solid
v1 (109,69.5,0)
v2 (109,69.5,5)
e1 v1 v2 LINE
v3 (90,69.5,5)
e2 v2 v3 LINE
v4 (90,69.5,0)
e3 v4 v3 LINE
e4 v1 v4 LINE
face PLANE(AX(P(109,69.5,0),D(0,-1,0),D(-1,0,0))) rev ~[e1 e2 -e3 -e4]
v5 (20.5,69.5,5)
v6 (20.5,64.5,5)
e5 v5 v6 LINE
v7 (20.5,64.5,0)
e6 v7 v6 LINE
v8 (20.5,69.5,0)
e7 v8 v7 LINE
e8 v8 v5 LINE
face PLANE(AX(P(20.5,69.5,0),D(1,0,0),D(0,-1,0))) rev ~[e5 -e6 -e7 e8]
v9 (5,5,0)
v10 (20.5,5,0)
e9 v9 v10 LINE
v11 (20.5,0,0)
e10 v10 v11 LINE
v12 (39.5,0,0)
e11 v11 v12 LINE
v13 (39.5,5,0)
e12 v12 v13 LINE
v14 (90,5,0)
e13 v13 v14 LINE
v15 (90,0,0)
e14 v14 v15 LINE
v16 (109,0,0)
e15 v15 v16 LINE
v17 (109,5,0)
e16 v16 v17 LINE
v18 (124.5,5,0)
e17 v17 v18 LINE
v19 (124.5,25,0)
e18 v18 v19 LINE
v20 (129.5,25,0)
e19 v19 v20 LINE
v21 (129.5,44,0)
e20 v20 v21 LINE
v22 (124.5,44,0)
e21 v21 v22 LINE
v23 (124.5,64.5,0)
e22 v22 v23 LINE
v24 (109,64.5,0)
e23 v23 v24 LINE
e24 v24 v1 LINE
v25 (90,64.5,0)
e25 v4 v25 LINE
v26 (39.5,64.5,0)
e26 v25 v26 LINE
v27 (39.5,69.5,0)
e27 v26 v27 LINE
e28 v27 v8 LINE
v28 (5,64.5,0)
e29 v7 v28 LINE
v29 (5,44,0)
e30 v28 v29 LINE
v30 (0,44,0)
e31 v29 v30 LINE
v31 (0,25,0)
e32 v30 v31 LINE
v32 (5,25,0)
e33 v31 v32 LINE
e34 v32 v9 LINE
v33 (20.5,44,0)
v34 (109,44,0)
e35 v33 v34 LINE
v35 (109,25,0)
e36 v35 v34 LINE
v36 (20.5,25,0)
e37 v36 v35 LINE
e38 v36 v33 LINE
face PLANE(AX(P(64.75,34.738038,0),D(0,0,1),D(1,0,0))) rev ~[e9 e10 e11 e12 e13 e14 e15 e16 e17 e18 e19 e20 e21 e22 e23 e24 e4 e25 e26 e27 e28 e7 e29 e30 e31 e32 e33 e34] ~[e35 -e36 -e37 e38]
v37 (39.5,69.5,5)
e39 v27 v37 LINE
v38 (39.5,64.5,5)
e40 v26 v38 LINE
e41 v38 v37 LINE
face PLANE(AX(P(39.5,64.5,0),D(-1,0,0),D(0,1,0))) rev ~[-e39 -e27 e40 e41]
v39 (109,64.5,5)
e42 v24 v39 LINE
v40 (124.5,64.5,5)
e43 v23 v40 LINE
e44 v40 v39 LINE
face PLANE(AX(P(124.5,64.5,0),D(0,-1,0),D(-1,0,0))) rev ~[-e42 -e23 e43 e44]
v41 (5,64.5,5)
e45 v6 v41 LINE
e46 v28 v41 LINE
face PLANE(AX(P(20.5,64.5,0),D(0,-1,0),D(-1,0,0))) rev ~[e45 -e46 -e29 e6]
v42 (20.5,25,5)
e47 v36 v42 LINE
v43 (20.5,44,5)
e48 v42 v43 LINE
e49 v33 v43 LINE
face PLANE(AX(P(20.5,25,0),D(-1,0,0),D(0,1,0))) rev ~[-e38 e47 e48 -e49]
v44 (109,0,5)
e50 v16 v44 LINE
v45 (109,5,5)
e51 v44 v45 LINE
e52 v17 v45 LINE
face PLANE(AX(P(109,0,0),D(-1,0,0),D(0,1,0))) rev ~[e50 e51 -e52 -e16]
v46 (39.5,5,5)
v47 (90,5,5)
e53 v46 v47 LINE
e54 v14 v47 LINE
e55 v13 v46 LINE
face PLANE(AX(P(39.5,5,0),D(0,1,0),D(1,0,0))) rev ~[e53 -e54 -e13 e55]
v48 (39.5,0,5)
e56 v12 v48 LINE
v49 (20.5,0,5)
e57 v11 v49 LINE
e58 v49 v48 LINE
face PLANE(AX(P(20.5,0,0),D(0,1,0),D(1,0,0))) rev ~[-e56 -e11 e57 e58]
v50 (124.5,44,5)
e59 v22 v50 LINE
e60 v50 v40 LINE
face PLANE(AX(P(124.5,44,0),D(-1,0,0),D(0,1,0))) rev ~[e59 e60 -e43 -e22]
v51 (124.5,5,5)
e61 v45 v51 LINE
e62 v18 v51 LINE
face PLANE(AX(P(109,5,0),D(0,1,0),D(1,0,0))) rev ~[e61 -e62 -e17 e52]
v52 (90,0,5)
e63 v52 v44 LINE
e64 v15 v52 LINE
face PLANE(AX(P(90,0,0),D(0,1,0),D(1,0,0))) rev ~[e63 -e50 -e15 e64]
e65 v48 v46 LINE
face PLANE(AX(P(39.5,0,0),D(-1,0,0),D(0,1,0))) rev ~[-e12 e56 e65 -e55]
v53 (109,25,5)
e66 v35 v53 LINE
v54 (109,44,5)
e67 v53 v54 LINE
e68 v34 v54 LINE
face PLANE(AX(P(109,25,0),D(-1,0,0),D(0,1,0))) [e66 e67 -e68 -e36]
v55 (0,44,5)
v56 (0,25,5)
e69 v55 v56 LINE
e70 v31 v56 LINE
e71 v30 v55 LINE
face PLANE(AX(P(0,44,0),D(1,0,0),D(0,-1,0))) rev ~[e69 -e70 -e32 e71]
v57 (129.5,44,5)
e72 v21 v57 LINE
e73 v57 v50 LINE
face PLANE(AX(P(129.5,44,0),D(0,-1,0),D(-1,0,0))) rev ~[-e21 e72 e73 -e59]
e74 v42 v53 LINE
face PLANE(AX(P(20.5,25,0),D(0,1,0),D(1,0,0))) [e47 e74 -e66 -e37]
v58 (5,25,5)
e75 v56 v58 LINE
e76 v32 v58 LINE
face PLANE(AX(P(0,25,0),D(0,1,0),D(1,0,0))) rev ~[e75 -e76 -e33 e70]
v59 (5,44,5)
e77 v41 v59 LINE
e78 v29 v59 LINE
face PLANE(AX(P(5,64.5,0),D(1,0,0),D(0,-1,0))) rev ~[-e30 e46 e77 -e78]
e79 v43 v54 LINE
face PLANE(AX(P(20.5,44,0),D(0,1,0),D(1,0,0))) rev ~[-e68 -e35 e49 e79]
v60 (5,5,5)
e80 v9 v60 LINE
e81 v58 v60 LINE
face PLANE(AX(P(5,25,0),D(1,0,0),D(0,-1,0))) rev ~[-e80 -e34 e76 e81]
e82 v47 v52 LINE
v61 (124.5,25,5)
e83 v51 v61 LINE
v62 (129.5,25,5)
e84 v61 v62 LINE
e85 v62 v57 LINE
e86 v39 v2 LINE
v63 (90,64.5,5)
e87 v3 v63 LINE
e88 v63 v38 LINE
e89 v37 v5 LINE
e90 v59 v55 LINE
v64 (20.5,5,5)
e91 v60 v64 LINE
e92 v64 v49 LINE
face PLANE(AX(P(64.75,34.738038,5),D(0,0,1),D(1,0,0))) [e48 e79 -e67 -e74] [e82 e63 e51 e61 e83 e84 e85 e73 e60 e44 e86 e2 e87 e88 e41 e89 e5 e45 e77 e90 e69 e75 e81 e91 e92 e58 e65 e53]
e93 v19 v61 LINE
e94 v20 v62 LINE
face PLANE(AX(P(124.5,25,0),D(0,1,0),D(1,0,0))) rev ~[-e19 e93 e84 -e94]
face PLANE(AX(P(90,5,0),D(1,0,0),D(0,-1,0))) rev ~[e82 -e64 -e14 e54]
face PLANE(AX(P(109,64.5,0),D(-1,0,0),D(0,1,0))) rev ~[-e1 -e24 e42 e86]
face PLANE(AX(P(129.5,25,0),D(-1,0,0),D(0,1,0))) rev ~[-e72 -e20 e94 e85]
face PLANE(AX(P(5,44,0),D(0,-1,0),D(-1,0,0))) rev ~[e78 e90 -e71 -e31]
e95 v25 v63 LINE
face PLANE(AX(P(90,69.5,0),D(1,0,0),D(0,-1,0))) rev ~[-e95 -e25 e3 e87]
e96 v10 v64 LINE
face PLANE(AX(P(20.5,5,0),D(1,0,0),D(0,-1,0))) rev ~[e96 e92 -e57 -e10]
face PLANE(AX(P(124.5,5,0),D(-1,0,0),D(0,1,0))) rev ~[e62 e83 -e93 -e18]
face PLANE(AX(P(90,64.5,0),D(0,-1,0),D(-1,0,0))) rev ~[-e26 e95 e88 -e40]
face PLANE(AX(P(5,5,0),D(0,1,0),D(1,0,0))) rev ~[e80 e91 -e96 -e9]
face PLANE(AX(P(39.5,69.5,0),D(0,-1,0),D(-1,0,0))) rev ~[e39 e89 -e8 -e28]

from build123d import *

# Parameters (mm, degrees)
F0_W     = 88.5
F0_H     = 19
F1_DEPTH = 5


with BuildPart() as f1:
    # F0 (on Top) → F1 (new body)
    with BuildSketch(Plane.XY):
        Polygon((20.5, 5), (20.5, 0), (39.5, 0), (39.5, 5), (90, 5), (90, 0), (109, 0), (109, 5), (124.5, 5), (124.5, 25), (129.5, 25), (129.5, 34.75), (129.5, 44), (124.5, 44), (124.5, 64.5), (109, 64.5), (109, 69.5), (90, 69.5), (90, 64.5), (39.5, 64.5), (39.5, 69.5), (20.5, 69.5), (20.5, 64.5), (5, 64.5), (5, 44), (0, 44), (0, 35), (0, 25), (5, 25), (5, 5), align=None)
        with Locations((64.75, 34.5)):
            Rectangle(F0_W, F0_H, mode=Mode.SUBTRACT)
    extrude(amount=F1_DEPTH)


solid = f1.part
